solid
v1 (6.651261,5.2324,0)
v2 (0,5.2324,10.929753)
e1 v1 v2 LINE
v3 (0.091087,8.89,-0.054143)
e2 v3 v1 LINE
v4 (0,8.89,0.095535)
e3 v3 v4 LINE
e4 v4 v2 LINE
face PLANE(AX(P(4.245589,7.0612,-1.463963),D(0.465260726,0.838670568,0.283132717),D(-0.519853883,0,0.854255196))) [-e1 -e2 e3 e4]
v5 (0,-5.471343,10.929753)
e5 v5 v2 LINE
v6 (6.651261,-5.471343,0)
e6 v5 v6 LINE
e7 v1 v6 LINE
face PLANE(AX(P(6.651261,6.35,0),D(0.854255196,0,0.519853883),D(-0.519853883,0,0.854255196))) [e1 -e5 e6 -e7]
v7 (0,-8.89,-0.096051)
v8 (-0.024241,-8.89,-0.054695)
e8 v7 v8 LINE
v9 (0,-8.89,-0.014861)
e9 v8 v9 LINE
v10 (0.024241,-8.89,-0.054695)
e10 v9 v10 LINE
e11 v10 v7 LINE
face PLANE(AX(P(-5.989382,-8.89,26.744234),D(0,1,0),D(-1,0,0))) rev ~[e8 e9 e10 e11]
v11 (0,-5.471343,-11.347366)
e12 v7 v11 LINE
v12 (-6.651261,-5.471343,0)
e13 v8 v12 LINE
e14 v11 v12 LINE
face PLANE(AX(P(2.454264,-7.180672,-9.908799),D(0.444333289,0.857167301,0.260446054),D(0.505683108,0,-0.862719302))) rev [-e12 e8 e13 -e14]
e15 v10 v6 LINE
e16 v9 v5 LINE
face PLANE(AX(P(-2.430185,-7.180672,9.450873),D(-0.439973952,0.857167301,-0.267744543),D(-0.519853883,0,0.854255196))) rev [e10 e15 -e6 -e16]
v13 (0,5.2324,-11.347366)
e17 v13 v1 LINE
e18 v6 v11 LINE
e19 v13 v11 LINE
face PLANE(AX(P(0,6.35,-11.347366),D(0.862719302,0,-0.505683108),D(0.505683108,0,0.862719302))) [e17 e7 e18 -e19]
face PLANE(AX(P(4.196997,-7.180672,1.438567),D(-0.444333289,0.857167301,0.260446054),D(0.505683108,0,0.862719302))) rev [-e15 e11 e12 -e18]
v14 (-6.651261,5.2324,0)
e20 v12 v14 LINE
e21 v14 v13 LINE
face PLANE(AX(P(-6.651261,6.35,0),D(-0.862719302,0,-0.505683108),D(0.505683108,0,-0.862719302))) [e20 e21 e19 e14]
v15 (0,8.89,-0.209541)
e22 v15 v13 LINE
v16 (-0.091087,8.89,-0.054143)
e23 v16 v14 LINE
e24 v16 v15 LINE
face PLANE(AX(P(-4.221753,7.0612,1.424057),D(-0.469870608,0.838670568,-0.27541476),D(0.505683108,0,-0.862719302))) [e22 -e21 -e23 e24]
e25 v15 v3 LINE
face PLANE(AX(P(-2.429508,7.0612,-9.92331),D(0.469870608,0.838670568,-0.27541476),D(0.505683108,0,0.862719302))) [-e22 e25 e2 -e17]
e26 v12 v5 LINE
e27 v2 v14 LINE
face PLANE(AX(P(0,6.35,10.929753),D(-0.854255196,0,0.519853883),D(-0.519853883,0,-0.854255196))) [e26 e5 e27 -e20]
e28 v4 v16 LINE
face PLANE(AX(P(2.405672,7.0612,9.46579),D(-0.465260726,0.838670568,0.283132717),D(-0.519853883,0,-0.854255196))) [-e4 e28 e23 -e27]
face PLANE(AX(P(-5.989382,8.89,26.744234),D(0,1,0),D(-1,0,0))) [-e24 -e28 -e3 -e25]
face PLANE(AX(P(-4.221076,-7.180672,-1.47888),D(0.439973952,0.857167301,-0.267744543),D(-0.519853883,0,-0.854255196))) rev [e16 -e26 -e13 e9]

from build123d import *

# Parameters (mm, degrees)
F1_DEPTH  = 5.08
F2_DEPTH  = 5.08
F3_W      = 124.8834840953
F3_H      = 134.0803280473
F4_DEPTH  = 25.4
F5_DEPTH  = 1.27
F6_DEPTH  = 1.27
F8_DEPTH  = 25.4
F9_DEPTH  = 2.54
F10_DEPTH = 2.54
F11_SIZE2 = 3.418656578
F11_SIZE  = 5.6896
F12_SIZE2 = 3.6576
F12_SIZE  = 5.6322100916


with BuildPart() as f1:
    # F0 (on Front) → F1 (new body)
    with BuildSketch(Plane.XZ):
        with BuildLine():
            add(Edge.make_bspline(
                [(11.6870266183, 8.3659507286), (11.9476031572, 8.1243832132), (12.5616108346, 7.4348870399), (13.3502602627, 5.9055860485), (12.8304196463, 2.6136928469), (12.1032885822, -3.9726756525), (11.7671016032, -8.6546761386), (11.3077259518, -11.7183290107), (11.0820746049, -13.2232354954)],
                knots=[0.7644347581, 0.7644347581, 0.7644347581, 0.7644347581, 0.7813803339, 0.8102561854, 0.8494051355, 0.9057589485, 0.9537075591, 1, 1, 1, 1], degree=3))
            Line((11.6870266183, 8.3659507286), (10.7098612934, -7.1798651479))
            Line((10.7098612934, -7.1798651479), (-10.6029463932, 18.994666636))
            Line((-10.6029463932, 18.994666636), (-7.8187826003, 81.9431145827))
            add(Edge.make_bspline(
                [(-10.6029463932, 84.9773436785), (-9.8645957866, 84.411917966), (-8.8470388386, 83.6326772405), (-8.0272766718, 82.3316307612), (-7.8187826003, 81.9431145827)],
                knots=[0, 0, 0, 0, 0.0369842854, 0.0509698458, 0.0509698458, 0.0509698458, 0.0509698458], degree=3))
            add(Edge.make_bspline(
                [(-11.1952358857, -13.2855195552), (-11.1963398761, -12.8902117283), (-11.1997561984, -11.6669231231), (-11.1512885463, -5.3731858959), (-11.3422819981, 1.4393792063), (-12.1461643066, 4.6189611976), (-13.2850553088, 9.1238655935), (-15.2318124981, 13.6348809881), (-16.5294824008, 17.2010053959), (-19.3261405399, 23.6368379744), (-19.7379489625, 26.452730971), (-18.8574929103, 31.5305578619), (-16.6797816611, 35.2468825016), (-14.5909185063, 40.6408371255), (-13.4119591393, 46.1621954132), (-12.5394588361, 53.3896491248), (-12.0546254183, 59.9791874234), (-12.4642284532, 65.9827168693), (-12.3457592591, 73.9226808987), (-11.3164428193, 80.5227149139), (-11.5649092387, 84.7450814286), (-10.8268692537, 84.9232783602), (-10.6029463932, 84.9773436785)],
                knots=[0, 0, 0, 0, 0.0273896804, 0.0847579572, 0.1451631407, 0.1862204743, 0.2349457062, 0.2850522094, 0.3309978555, 0.390291, 0.4296935499, 0.4796750401, 0.527816225, 0.5818528524, 0.6365092781, 0.6980539867, 0.7565756752, 0.8124783975, 0.8767822708, 0.9378286387, 0.9811370802, 1, 1, 1, 1], degree=3))
            Line((-11.1952358857, -13.2855195552), (10.8409429303, -13.2855195552))
            add(Edge.make_bspline(
                [(10.8409429303, -13.2855195552), (10.9216527758, -13.2575733481), (11.0020770139, -13.2366740148), (11.0820746049, -13.2232354954)],
                knots=[0.9988692567, 0.9988692567, 0.9988692567, 0.9988692567, 1, 1, 1, 1], degree=3))
        make_face()
        with BuildLine():
            Line((10.7098612934, -7.1798651479), (11.6870266183, 8.3659507286))
            add(Edge.make_bspline(
                [(-7.8187826003, 81.9431145827), (-7.3326835412, 81.037298185), (-6.246332701, 78.0877738667), (-5.7619281696, 71.7972152113), (-5.7903461619, 61.0472196354), (-5.6098025476, 47.5528084715), (-5.6232359348, 35.7951775922), (-6.6035814728, 31.5572406566), (-6.642373723, 26.8588973108), (-4.7217209893, 21.7576733197), (-2.3324429206, 17.8568763905), (-0.0644904347, 14.9988475653), (2.1698029367, 12.9502128359), (5.7523840475, 11.2499433455), (8.6363164493, 10.2542124123), (10.6765655712, 9.2073747067), (11.4911211984, 8.5475648745), (11.6870266183, 8.3659507286)],
                knots=[0.0509698458, 0.0509698458, 0.0509698458, 0.0509698458, 0.0835768534, 0.1402547932, 0.2115954168, 0.293701069, 0.3674969806, 0.4121442254, 0.4580916534, 0.50894046, 0.5557476766, 0.5967458601, 0.6345135251, 0.6775157549, 0.7161326985, 0.7516948155, 0.7644347581, 0.7644347581, 0.7644347581, 0.7644347581], degree=3))
            Line((-7.8187826003, 81.9431145827), (-10.6029463932, 18.994666636))
            Line((-10.6029463932, 18.994666636), (10.7098612934, -7.1798651479))
        make_face()
        with BuildLine():
            Line((11.0820746049, -15.9663576633), (11.0820746049, -13.2855195552))
            Line((11.0820746049, -13.2855195552), (10.8409429303, -13.2855195552))
            add(Edge.make_bspline(
                [(8.3953980002, -15.9663576633), (9.1364610409, -14.6227373643), (10.004055933, -13.5752960653), (10.8409429303, -13.2855195552)],
                knots=[0.9871444865, 0.9871444865, 0.9871444865, 0.9871444865, 0.9988692567, 0.9988692567, 0.9988692567, 0.9988692567], degree=3))
            Line((8.3953980003, -15.9663576633), (11.0820746049, -15.9663576633))
        make_face()
        with BuildLine():
            add(Edge.make_bspline(
                [(8.3953980002, -15.9663576633), (9.1364610409, -14.6227373643), (10.004055933, -13.5752960653), (10.8409429303, -13.2855195552)],
                knots=[0.9871444865, 0.9871444865, 0.9871444865, 0.9871444865, 0.9988692567, 0.9988692567, 0.9988692567, 0.9988692567], degree=3))
            Line((10.8409429303, -13.2855195552), (-11.1952358857, -13.2855195552))
            Line((-11.1952358857, -13.2855195552), (-11.0308257863, -15.9663576633))
            Line((-11.0308257863, -15.9663576633), (8.3953980003, -15.9663576633))
        make_face()
        with BuildLine():
            Line((11.0820746049, -13.2855195552), (11.0820746049, -13.2232354954))
            add(Edge.make_bspline(
                [(10.8409429303, -13.2855195552), (10.9216527758, -13.2575733481), (11.0020770139, -13.2366740148), (11.0820746049, -13.2232354954)],
                knots=[0.9988692567, 0.9988692567, 0.9988692567, 0.9988692567, 1, 1, 1, 1], degree=3))
            Line((10.8409429303, -13.2855195552), (11.0820746049, -13.2855195552))
        make_face()
    extrude(amount=F1_DEPTH)

    # F2 (add): a face of the model
    f2_faces = [f1.faces().sort_by_distance(p)[0] for p in [
        (-5.0809274024, 0, 19.1888153538),
    ]]
    extrude(f2_faces, amount=F2_DEPTH)

    # F3 (on face) → F4 (cut)
    with BuildSketch(Plane.XZ.offset(5.08)):
        with Locations((7.2313416749, 30.1963053644)):
            Rectangle(F3_W, F3_H)
        with BuildLine():
            Line((-11.0308257863, -15.9663576633), (-11.1952358857, -13.2855195552))
            add(Edge.make_bspline(
                [(-11.1952358857, -13.2855195552), (-11.1963398761, -12.8902117283), (-11.1997561984, -11.6669231231), (-11.1512885463, -5.3731858959), (-11.3422819981, 1.4393792063), (-12.1461643066, 4.6189611976), (-13.2850553088, 9.1238655935), (-15.2318124981, 13.6348809881), (-16.5294824008, 17.2010053959), (-19.3261405399, 23.6368379744), (-19.7379489625, 26.452730971), (-18.8574929103, 31.5305578619), (-16.6797816611, 35.2468825016), (-14.5909185063, 40.6408371255), (-13.4119591393, 46.1621954132), (-12.5394588361, 53.3896491248), (-12.0546254183, 59.9791874234), (-12.4642284532, 65.9827168693), (-12.3457592591, 73.9226808987), (-11.3164428193, 80.5227149139), (-11.5649092387, 84.7450814286), (-10.8268692537, 84.9232783602), (-10.6029463932, 84.9773436785)],
                knots=[0, 0, 0, 0, 0.0273896804, 0.0847579572, 0.1451631407, 0.1862204743, 0.2349457062, 0.2850522094, 0.3309978555, 0.390291, 0.4296935499, 0.4796750401, 0.527816225, 0.5818528524, 0.6365092781, 0.6980539867, 0.7565756752, 0.8124783975, 0.8767822708, 0.9378286387, 0.9811370802, 1, 1, 1, 1], degree=3))
            add(Edge.make_bspline(
                [(11.0820746049, -13.2232354954), (11.3077259518, -11.7183290107), (11.7671016032, -8.6546761386), (12.1032885822, -3.9726756525), (12.8304196463, 2.6136928469), (13.3502602627, 5.9055860485), (12.443365527, 7.6641811468), (11.0743289472, 9.0032850711), (8.6363164493, 10.2542124123), (5.7523840475, 11.2499433455), (2.1698029367, 12.9502128359), (-0.0644904347, 14.9988475653), (-2.3324429206, 17.8568763905), (-4.7217209893, 21.7576733197), (-6.642373723, 26.8588973108), (-6.6035814728, 31.5572406566), (-5.6232359348, 35.7951775922), (-5.6098025476, 47.5528084715), (-5.7903461619, 61.0472196354), (-5.7619281696, 71.7972152113), (-6.2885094778, 78.6354885776), (-8.1960757736, 83.1341725308), (-9.8645957866, 84.411917966), (-10.6029463932, 84.9773436785)],
                knots=[0.7644347581, 0.7644347581, 0.7644347581, 0.7644347581, 0.810727199, 0.8586758096, 0.9150296226, 0.9541785727, 0.9830544242, 1.0127399426, 1.0483020596, 1.0869190032, 1.1299212329, 1.167688898, 1.2086870814, 1.2554942981, 1.3063431047, 1.3522905327, 1.3969377775, 1.470733689, 1.5528393413, 1.6241799649, 1.6808579047, 1.7274504726, 1.7644347581, 1.7644347581, 1.7644347581, 1.7644347581], degree=3))
            Line((11.0820746049, -13.2232354954), (11.0820746049, -15.9663576633))
            Line((11.0820746049, -15.9663576633), (-11.0308257863, -15.9663576633))
        make_face(mode=Mode.SUBTRACT)
        with BuildLine():
            add(Edge.make_bspline(
                [(-11.1952358857, -13.2855195552), (-11.1963398761, -12.8902117283), (-11.1997561984, -11.6669231231), (-11.1512885463, -5.3731858959), (-11.3422819981, 1.4393792063), (-12.1461643066, 4.6189611976), (-13.2850553088, 9.1238655935), (-15.2318124981, 13.6348809881), (-16.5294824008, 17.2010053959), (-19.3261405399, 23.6368379744), (-19.7379489625, 26.452730971), (-18.8574929103, 31.5305578619), (-16.6797816611, 35.2468825016), (-14.5909185063, 40.6408371255), (-13.4119591393, 46.1621954132), (-12.5394588361, 53.3896491248), (-12.0546254183, 59.9791874234), (-12.4642284532, 65.9827168693), (-12.3457592591, 73.9226808987), (-11.3164428193, 80.5227149139), (-11.5649092387, 84.7450814286), (-10.8268692537, 84.9232783602), (-10.6029463932, 84.9773436785)],
                knots=[0, 0, 0, 0, 0.0273896804, 0.0847579572, 0.1451631407, 0.1862204743, 0.2349457062, 0.2850522094, 0.3309978555, 0.390291, 0.4296935499, 0.4796750401, 0.527816225, 0.5818528524, 0.6365092781, 0.6980539867, 0.7565756752, 0.8124783975, 0.8767822708, 0.9378286387, 0.9811370802, 1, 1, 1, 1], degree=3))
            Line((-11.1952358857, -13.2855195552), (-11.0308257863, -15.9663576633))
            Line((-11.0308257863, -15.9663576633), (11.0820746049, -15.9663576633))
            Line((11.0820746049, -15.9663576633), (11.0820746049, -13.2232354954))
            add(Edge.make_bspline(
                [(11.0820746049, -13.2232354954), (11.3077259518, -11.7183290107), (11.7671016032, -8.6546761386), (12.1032885822, -3.9726756525), (12.8304196463, 2.6136928469), (13.3502602627, 5.9055860485), (12.443365527, 7.6641811468), (11.0743289472, 9.0032850711), (8.6363164493, 10.2542124123), (5.7523840475, 11.2499433455), (2.1698029367, 12.9502128359), (-0.0644904347, 14.9988475653), (-2.3324429206, 17.8568763905), (-4.7217209893, 21.7576733197), (-6.642373723, 26.8588973108), (-6.6035814728, 31.5572406566), (-5.6232359348, 35.7951775922), (-5.6098025476, 47.5528084715), (-5.7903461619, 61.0472196354), (-5.7619281696, 71.7972152113), (-6.2885094778, 78.6354885776), (-8.1960757736, 83.1341725308), (-9.8645957866, 84.411917966), (-10.6029463932, 84.9773436785)],
                knots=[0.7644347581, 0.7644347581, 0.7644347581, 0.7644347581, 0.810727199, 0.8586758096, 0.9150296226, 0.9541785727, 0.9830544242, 1.0127399426, 1.0483020596, 1.0869190032, 1.1299212329, 1.167688898, 1.2086870814, 1.2554942981, 1.3063431047, 1.3522905327, 1.3969377775, 1.470733689, 1.5528393413, 1.6241799649, 1.6808579047, 1.7274504726, 1.7644347581, 1.7644347581, 1.7644347581, 1.7644347581], degree=3))
        make_face()
        Polygon((-7.6687936671, 0), (0, 12.9914516583), (7.6687936671, 0), (0, -13.0022913218), align=None, mode=Mode.SUBTRACT)
    extrude(amount=-F4_DEPTH, mode=Mode.SUBTRACT)

    # F5 (add): a face of the model
    f5_faces = [f1.faces().sort_by_distance(p)[0] for p in [
        (0, -5.08, -0.0036132211),
    ]]
    extrude(f5_faces, amount=F5_DEPTH)

    # F6 (add): a face of the model
    f6_faces = [f1.faces().sort_by_distance(p)[0] for p in [
        (0, 5.08, -0.0036132211),
    ]]
    extrude(f6_faces, amount=F6_DEPTH)

    # F7 (on face) → F8 (cut)
    with BuildSketch(Plane.XZ.offset(6.35)):
        Polygon((0, -13.0022913218), (7.6687936671, 0), (0, 12.9914516583), (-7.6687936671, 0), align=None)
        Polygon((-6.6512613557, 0), (0, 10.9297530726), (6.6512613557, 0), (0, -11.3473664969), align=None, mode=Mode.SUBTRACT)
    extrude(amount=-F8_DEPTH, mode=Mode.SUBTRACT)

    # F9 (add): a face of the model
    f9_faces = [f1.faces().sort_by_distance(p)[0] for p in [
        (0, -6.35, -0.1392044748),
    ]]
    extrude(f9_faces, amount=F9_DEPTH)

    # F10 (add): a face of the model
    f10_faces = [f1.faces().sort_by_distance(p)[0] for p in [
        (0, 6.35, -0.1392044748),
    ]]
    extrude(f10_faces, amount=F10_DEPTH)

    # F11
    f11_edges = [f1.edges().sort_by_distance(p)[0] for p in [
        (3.325631, -8.89, 5.464877),
        (-3.325631, -8.89, 5.464877),
        (-3.325631, -8.89, -5.673683),
        (3.325631, -8.89, -5.673683),
    ]]
    f11_side = f1.faces().sort_by_distance((0, -8.89, -0.139204))[0]
    chamfer(f11_edges, length=F11_SIZE, length2=F11_SIZE2, reference=f11_side)

    # F12
    f12_edges = [f1.edges().sort_by_distance(p)[0] for p in [
        (3.325631, 8.89, -5.673683),
        (3.325631, 8.89, 5.464877),
        (-3.325631, 8.89, 5.464877),
        (-3.325631, 8.89, -5.673683),
    ]]
    f12_side = f1.faces().sort_by_distance((0, 8.89, -0.139204))[0]
    chamfer(f12_edges, length=F12_SIZE, length2=F12_SIZE2, reference=f12_side)


solid = f1.part
